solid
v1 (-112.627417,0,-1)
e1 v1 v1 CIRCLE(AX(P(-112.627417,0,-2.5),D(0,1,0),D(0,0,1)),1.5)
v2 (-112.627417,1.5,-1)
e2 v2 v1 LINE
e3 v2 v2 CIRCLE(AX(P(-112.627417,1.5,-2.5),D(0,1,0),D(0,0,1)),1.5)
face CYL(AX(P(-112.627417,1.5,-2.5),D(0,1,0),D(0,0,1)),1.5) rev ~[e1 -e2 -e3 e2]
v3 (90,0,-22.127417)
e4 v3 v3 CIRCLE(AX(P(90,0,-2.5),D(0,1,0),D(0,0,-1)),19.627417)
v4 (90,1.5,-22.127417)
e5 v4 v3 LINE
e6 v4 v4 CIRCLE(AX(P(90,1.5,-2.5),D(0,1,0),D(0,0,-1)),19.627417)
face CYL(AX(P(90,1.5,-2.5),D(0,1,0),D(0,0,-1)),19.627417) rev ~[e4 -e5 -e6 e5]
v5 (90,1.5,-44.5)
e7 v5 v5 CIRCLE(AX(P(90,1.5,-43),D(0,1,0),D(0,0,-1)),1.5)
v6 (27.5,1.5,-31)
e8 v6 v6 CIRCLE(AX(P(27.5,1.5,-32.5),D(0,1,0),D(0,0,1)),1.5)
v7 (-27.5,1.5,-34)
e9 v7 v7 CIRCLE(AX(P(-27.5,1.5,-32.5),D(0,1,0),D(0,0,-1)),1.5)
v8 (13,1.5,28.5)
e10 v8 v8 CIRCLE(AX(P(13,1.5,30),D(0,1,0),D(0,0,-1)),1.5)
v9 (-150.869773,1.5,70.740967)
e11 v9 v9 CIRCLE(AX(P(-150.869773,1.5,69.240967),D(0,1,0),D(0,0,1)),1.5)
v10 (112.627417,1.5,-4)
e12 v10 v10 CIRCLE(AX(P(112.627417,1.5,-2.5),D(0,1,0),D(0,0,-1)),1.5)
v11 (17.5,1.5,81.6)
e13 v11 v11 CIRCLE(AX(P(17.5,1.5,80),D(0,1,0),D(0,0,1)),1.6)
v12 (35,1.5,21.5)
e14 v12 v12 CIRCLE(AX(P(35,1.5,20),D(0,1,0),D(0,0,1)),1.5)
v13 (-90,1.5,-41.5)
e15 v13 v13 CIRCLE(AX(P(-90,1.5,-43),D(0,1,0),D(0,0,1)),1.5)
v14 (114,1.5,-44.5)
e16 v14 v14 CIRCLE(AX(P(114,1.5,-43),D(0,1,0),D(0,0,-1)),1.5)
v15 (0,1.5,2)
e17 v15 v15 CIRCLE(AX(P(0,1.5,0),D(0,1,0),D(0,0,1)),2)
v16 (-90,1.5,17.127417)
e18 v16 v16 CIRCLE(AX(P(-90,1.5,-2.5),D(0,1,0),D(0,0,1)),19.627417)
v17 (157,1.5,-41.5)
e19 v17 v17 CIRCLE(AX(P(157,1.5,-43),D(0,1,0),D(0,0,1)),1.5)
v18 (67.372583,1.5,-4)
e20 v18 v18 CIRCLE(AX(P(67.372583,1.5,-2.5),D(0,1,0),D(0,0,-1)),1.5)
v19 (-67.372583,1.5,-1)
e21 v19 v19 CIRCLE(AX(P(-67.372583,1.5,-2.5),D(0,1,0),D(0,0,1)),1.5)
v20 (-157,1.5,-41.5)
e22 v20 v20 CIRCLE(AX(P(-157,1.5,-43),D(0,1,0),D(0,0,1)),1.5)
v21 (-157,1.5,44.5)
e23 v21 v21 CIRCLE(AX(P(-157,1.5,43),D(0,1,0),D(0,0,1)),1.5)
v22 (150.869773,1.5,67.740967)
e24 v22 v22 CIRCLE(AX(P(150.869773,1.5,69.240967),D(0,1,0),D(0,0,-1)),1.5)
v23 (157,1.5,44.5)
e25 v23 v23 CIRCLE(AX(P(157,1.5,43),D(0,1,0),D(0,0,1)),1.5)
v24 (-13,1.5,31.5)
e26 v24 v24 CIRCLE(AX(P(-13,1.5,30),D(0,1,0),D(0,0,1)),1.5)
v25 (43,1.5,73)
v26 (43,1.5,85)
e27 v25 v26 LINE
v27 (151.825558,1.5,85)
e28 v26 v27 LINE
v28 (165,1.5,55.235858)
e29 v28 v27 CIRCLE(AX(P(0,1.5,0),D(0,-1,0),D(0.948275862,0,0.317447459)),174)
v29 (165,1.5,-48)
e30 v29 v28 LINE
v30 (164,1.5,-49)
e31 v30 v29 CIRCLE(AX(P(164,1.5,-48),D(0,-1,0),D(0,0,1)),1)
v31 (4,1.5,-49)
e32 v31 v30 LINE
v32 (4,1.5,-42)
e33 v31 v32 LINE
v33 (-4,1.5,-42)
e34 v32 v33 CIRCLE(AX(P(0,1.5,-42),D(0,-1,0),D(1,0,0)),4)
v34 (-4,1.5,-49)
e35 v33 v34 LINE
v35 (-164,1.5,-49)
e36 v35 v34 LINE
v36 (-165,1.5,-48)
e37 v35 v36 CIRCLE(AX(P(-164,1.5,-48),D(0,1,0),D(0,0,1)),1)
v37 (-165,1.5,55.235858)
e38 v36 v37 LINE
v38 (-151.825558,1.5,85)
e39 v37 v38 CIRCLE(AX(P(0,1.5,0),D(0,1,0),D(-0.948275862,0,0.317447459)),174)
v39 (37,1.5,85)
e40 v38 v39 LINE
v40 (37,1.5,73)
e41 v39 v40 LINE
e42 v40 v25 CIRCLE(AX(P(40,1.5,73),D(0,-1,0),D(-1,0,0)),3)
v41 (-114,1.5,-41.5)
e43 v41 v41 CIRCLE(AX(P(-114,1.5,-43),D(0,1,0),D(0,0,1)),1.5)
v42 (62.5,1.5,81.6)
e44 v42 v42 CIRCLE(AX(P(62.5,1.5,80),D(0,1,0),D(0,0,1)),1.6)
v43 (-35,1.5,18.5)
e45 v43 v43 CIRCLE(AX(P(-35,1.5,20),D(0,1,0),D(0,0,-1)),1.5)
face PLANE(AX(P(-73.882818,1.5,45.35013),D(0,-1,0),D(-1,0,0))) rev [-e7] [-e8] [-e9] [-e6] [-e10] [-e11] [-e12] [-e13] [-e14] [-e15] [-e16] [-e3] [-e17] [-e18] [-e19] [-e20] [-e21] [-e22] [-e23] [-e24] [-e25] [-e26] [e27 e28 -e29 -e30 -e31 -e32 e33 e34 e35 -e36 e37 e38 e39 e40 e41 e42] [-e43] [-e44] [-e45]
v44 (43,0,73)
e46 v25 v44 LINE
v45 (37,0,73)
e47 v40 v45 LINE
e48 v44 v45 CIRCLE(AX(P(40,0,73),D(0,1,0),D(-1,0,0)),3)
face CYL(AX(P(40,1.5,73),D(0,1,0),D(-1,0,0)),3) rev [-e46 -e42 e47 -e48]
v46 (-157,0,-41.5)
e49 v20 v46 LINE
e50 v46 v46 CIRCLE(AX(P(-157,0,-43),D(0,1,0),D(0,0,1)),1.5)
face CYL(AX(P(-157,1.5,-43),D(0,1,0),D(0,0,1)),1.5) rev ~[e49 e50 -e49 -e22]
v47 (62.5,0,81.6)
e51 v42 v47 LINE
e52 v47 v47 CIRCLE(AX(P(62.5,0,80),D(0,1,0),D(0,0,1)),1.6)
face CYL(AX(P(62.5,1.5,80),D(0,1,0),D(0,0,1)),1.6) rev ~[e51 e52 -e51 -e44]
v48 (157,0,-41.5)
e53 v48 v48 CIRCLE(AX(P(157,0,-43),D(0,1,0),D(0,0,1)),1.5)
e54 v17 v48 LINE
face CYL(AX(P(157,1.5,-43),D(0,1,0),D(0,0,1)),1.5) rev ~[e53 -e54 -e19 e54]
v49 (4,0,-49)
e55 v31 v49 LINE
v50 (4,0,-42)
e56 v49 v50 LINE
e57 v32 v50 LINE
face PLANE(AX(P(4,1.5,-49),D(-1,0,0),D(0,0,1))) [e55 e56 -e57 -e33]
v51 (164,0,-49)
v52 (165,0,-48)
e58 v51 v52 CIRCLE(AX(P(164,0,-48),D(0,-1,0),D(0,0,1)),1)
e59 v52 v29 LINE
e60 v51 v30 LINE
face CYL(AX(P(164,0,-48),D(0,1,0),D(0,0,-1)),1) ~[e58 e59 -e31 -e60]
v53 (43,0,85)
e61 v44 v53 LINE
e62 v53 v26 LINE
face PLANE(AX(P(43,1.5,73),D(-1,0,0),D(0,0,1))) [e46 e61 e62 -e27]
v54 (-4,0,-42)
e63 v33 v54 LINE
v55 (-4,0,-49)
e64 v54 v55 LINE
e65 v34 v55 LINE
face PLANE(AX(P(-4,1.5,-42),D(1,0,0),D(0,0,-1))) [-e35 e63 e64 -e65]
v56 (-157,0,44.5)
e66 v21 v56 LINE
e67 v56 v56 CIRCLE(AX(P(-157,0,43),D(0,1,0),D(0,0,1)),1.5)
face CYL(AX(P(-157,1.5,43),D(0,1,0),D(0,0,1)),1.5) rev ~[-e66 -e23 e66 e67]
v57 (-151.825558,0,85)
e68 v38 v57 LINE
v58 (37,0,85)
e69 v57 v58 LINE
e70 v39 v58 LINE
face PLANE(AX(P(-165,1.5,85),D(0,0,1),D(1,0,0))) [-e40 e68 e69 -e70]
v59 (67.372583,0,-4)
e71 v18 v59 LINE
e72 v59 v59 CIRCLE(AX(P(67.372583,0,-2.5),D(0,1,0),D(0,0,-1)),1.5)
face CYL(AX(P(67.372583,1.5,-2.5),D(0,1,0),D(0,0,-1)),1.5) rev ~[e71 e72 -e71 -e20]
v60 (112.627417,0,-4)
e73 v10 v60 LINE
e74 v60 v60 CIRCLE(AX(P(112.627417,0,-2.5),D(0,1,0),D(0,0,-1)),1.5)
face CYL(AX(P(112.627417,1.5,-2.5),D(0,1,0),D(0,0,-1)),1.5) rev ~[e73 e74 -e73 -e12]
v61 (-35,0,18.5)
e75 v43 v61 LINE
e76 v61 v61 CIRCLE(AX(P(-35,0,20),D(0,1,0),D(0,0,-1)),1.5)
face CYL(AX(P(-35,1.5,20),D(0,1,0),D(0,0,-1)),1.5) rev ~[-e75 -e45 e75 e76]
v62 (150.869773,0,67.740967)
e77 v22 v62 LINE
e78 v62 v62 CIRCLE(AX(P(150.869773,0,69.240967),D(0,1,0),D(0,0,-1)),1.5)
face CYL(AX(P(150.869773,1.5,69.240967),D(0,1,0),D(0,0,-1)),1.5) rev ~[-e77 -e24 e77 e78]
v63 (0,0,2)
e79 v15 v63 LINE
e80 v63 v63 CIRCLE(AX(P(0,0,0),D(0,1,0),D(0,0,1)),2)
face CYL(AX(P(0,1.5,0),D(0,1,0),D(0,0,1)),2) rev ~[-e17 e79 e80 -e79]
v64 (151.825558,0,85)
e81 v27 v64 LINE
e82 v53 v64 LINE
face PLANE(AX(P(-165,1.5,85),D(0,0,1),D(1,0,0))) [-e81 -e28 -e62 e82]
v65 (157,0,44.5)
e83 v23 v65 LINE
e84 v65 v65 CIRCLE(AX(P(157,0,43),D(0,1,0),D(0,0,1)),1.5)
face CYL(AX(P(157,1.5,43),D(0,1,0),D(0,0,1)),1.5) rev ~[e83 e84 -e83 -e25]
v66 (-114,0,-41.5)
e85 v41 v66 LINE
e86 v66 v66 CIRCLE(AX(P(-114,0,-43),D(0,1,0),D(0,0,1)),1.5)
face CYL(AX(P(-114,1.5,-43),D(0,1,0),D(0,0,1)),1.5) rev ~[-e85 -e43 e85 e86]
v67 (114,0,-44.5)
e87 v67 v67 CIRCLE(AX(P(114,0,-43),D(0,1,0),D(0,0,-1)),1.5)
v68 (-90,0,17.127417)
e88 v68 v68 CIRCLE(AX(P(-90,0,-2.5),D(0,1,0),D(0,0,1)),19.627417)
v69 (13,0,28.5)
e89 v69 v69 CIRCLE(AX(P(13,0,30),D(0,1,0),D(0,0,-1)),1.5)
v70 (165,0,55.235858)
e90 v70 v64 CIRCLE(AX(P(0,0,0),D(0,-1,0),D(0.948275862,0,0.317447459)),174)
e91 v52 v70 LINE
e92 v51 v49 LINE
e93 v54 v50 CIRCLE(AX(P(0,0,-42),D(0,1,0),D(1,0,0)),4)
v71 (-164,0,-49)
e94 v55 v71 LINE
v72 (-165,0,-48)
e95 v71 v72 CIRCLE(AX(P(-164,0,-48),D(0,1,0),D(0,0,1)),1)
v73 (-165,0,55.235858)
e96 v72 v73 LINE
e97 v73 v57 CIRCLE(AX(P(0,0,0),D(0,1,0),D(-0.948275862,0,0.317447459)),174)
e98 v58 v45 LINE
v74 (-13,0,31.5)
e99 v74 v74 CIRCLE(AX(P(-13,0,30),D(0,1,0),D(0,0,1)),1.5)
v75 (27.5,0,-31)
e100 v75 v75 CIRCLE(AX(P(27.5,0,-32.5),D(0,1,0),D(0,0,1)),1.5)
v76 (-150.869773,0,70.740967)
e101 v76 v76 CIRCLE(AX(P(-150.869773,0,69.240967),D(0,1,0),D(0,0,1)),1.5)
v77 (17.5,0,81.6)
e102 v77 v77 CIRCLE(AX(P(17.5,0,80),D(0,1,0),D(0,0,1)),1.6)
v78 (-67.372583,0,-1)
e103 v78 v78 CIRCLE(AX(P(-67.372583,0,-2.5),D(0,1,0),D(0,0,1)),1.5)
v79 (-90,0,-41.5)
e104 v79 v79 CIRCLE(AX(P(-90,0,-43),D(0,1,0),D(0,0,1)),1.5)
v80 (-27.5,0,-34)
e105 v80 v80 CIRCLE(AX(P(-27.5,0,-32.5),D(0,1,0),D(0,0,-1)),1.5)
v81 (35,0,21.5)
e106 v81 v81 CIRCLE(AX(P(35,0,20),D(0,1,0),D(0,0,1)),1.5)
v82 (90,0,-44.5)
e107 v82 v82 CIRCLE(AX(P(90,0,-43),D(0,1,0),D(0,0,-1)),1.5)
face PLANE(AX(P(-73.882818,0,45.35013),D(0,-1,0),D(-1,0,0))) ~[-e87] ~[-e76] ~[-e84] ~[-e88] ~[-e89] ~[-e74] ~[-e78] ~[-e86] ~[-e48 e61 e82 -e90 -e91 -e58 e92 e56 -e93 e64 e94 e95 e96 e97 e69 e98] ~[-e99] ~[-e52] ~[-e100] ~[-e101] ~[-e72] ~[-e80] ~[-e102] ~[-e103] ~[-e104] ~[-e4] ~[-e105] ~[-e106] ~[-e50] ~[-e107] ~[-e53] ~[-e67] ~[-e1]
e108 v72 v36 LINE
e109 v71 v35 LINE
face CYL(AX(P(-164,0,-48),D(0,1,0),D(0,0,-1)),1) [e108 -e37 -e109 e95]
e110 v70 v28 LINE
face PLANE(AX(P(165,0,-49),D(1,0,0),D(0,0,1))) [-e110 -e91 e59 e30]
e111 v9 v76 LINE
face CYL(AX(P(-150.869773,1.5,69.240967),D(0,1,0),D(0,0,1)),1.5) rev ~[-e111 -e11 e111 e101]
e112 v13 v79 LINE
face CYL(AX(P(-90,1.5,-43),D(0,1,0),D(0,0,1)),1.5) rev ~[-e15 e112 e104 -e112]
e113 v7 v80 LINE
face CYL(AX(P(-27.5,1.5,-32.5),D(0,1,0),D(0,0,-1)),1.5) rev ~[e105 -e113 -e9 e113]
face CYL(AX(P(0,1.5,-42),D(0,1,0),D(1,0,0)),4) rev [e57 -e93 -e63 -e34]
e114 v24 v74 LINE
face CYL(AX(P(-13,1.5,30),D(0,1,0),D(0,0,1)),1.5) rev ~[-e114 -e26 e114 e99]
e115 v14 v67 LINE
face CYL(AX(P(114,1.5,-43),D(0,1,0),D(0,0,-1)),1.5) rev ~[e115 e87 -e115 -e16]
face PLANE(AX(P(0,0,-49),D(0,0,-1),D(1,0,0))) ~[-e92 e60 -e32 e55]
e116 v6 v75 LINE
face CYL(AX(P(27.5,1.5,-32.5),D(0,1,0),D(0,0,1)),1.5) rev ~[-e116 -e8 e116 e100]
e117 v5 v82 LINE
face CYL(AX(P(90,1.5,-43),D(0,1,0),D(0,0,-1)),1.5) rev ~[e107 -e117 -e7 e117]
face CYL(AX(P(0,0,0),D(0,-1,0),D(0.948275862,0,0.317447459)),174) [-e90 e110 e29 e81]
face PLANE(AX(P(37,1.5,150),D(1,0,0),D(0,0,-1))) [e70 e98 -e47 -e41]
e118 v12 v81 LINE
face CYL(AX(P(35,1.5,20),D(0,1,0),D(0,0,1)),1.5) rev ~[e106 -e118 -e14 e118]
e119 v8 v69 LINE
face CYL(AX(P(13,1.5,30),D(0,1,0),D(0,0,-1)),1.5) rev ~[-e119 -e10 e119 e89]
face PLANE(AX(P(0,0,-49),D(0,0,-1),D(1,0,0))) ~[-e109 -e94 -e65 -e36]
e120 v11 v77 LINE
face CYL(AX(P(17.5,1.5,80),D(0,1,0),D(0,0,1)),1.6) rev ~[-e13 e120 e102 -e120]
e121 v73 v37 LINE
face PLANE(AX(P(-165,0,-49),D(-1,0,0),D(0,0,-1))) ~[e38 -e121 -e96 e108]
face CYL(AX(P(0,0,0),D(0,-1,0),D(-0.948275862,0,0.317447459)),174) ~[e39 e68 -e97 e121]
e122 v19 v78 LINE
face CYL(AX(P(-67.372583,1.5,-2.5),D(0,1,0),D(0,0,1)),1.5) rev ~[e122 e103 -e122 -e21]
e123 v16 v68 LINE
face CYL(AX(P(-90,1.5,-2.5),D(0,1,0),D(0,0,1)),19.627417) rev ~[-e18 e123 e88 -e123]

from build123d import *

# Parameters (mm, degrees)
BOSS_EXTRU_1_DEPTH       = 1.5
ESQUISSE7_R              = 1.5
ENL_V_MAT_EXTRU_5_DEPTH  = 230.841793415
ESQUISSE8_R              = 19.627416998
ESQUISSE8_R_2            = 1.5
ENL_V_MAT_EXTRU_6_DEPTH  = 230.841793415
ESQUISSE9_R              = 1.5
ESQUISSE9_R_2            = 2
ENL_V_MAT_EXTRU_7_DEPTH  = 230.841793415
ENL_V_MAT_EXTRU_8_DEPTH  = 230.841793415
CONG_1_R                 = 1
ESQUISSE11_R             = 1.5
ENL_V_MAT_EXTRU_9_DEPTH  = 230.841793415
ESQUISSE12_R             = 1.6
ESQUISSE12_W             = 330
ESQUISSE12_H             = 75
ENL_V_MAT_EXTRU_10_DEPTH = 230.841793415


with BuildPart() as part:
    # Esquisse1 → Boss.-Extru.1 (new body)
    with BuildSketch(Plane(origin=(0, 0, 0), x_dir=(1, 0, 0), z_dir=(0, 1, 0))):
        with BuildLine():
            Line((0, 49), (165, 49))
            Line((165, 49), (165, -55.235857919))
            ThreePointArc((165, -55.235857919), (127.908511428, -117.963607542), (68.381283989, -160))
            Line((68.381283989, -160), (0, -160))
            Line((0, -160), (0, 49))
        make_face()
    extrude(amount=BOSS_EXTRU_1_DEPTH)

    # Symétrie1: part across plane


with BuildPart() as part_1:
    add(part.part)
    add(part.part.mirror(Plane(origin=(0, 1.5, -49), x_dir=(0, 0, 1), z_dir=(1, 0, 0))))

    # Esquisse7 → Enlèv. mat.-Extru.5 (cut, through all)
    with BuildSketch(Plane(origin=(0, 1.5, 0), x_dir=(1, 0, 0), z_dir=(0, 1, 0))):
        with Locations(Location((-157, -43, 0), (0, 0, 270))):
            Circle(ESQUISSE7_R)
        with Locations(Location((157, -43, 0), (0, 0, 270))):
            Circle(ESQUISSE7_R)
        with Locations(Location((157, 43, 0), (0, 0, 270))):
            Circle(ESQUISSE7_R)
        with Locations(Location((-157, 43, 0), (0, 0, 270))):
            Circle(ESQUISSE7_R)
        with Locations(Location((-114, 43, 0), (0, 0, 270))):
            Circle(ESQUISSE7_R)
        with Locations(Location((-90, 43, 0), (0, 0, 270))):
            Circle(ESQUISSE7_R)
        with Locations(Location((90, 43, 0), (0, 0, 90))):
            Circle(ESQUISSE7_R)
        with Locations(Location((114, 43, 0), (0, 0, 90))):
            Circle(ESQUISSE7_R)
    extrude(amount=-ENL_V_MAT_EXTRU_5_DEPTH, mode=Mode.SUBTRACT)

    # Esquisse8 → Enlèv. mat.-Extru.6 (cut, through all)
    with BuildSketch(Plane(origin=(0, 1.5, 0), x_dir=(1, 0, 0), z_dir=(0, 1, 0))):
        with Locations(Location((-90, 2.5, 0), (0, 0, 270))):
            Circle(ESQUISSE8_R)
        with Locations(Location((-112.627416998, 2.5, 0), (0, 0, 270))):
            Circle(ESQUISSE8_R_2)
        with Locations(Location((-67.372583002, 2.5, 0), (0, 0, 270))):
            Circle(ESQUISSE8_R_2)
        with Locations(Location((112.627416998, 2.5, 0), (0, 0, 90))):
            Circle(ESQUISSE8_R_2)
        with Locations(Location((67.372583002, 2.5, 0), (0, 0, 90))):
            Circle(ESQUISSE8_R_2)
        with Locations(Location((90, 2.5, 0), (0, 0, 90))):
            Circle(ESQUISSE8_R)
    extrude(amount=-ENL_V_MAT_EXTRU_6_DEPTH, mode=Mode.SUBTRACT)

    # Esquisse9 → Enlèv. mat.-Extru.7 (cut, through all)
    with BuildSketch(Plane(origin=(0, 1.5, 0), x_dir=(1, 0, 0), z_dir=(0, 1, 0))):
        with Locations(Location((27.5, 32.5, 0), (0, 0, 270))):
            Circle(ESQUISSE9_R)
        with Locations(Location((-13, -30, 0), (0, 0, 270))):
            Circle(ESQUISSE9_R)
        with Locations(Location((35, -20, 0), (0, 0, 270))):
            Circle(ESQUISSE9_R)
        with Locations(Location((-27.5, 32.5, 0), (0, 0, 90))):
            Circle(ESQUISSE9_R)
        with Locations(Location((0, 0, 0), (0, 0, 270))):
            Circle(ESQUISSE9_R_2)
        with Locations(Location((-35, -20, 0), (0, 0, 90))):
            Circle(ESQUISSE9_R)
        with Locations(Location((13, -30, 0), (0, 0, 90))):
            Circle(ESQUISSE9_R)
        with BuildLine():
            Line((4, 49), (4, 42))
            ThreePointArc((4, 42), (0, 38), (-4, 42))
            Line((-4, 42), (-4, 49))
            ThreePointArc((-4, 49), (0, 53), (4, 49))
        make_face()
    extrude(amount=-ENL_V_MAT_EXTRU_7_DEPTH, mode=Mode.SUBTRACT)

    # Esquisse10 → Enlèv. mat.-Extru.8 (cut, through all)
    with BuildSketch(Plane(origin=(0, 1.5, 0), x_dir=(1, 0, 0), z_dir=(0, 1, 0))):
        with BuildLine():
            Line((43, -73), (43, -150))
            ThreePointArc((43, -150), (40, -153), (37, -150))
            Line((37, -150), (37, -73))
            ThreePointArc((37, -73), (40, -70), (43, -73))
        make_face()
    extrude(amount=-ENL_V_MAT_EXTRU_8_DEPTH, mode=Mode.SUBTRACT)

    # Congé1
    cong_1_edges = [part_1.edges().sort_by_distance(p)[0] for p in [
        (-165, 0.75, -49),
        (165, 0.75, -49),
    ]]
    fillet(cong_1_edges, radius=CONG_1_R)

    # Esquisse11 → Enlèv. mat.-Extru.9 (cut, through all)
    with BuildSketch(Plane(origin=(0, 1.5, 0), x_dir=(1, 0, 0), z_dir=(0, 1, 0))):
        with Locations(Location((-150.869773386, -69.240966765, 0), (0, 0, 270))):
            Circle(ESQUISSE11_R)
        with Locations(Location((-116.399964779, -118.351375994, 0), (0, 0, 270))):
            Circle(ESQUISSE11_R)
        with Locations(Location((-66.72330927, -152, 0), (0, 0, 270))):
            Circle(ESQUISSE11_R)
        with Locations(Location((66.72330927, -152, 0), (0, 0, 90))):
            Circle(ESQUISSE11_R)
        with Locations(Location((116.399964779, -118.351375994, 0), (0, 0, 90))):
            Circle(ESQUISSE11_R)
        with Locations(Location((150.869773386, -69.240966765, 0), (0, 0, 90))):
            Circle(ESQUISSE11_R)
        with Locations(Location((-15, -152, 0), (0, 0, 270))):
            Circle(ESQUISSE11_R)
        with Locations(Location((15, -152, 0), (0, 0, 90))):
            Circle(ESQUISSE11_R)
    extrude(amount=-ENL_V_MAT_EXTRU_9_DEPTH, mode=Mode.SUBTRACT)

    # Esquisse12 → Enlèv. mat.-Extru.10 (cut, through all)
    with BuildSketch(Plane(origin=(0, 1.5, 0), x_dir=(1, 0, 0), z_dir=(0, 1, 0))):
        with Locations(Location((17.5, -80, 0), (0, 0, 270))):
            Circle(ESQUISSE12_R)
        with Locations(Location((62.5, -80, 0), (0, 0, 270))):
            Circle(ESQUISSE12_R)
        with Locations((0, -122.5)):
            Rectangle(ESQUISSE12_W, ESQUISSE12_H)
    extrude(amount=-ENL_V_MAT_EXTRU_10_DEPTH, mode=Mode.SUBTRACT)


solid = part_1.part
